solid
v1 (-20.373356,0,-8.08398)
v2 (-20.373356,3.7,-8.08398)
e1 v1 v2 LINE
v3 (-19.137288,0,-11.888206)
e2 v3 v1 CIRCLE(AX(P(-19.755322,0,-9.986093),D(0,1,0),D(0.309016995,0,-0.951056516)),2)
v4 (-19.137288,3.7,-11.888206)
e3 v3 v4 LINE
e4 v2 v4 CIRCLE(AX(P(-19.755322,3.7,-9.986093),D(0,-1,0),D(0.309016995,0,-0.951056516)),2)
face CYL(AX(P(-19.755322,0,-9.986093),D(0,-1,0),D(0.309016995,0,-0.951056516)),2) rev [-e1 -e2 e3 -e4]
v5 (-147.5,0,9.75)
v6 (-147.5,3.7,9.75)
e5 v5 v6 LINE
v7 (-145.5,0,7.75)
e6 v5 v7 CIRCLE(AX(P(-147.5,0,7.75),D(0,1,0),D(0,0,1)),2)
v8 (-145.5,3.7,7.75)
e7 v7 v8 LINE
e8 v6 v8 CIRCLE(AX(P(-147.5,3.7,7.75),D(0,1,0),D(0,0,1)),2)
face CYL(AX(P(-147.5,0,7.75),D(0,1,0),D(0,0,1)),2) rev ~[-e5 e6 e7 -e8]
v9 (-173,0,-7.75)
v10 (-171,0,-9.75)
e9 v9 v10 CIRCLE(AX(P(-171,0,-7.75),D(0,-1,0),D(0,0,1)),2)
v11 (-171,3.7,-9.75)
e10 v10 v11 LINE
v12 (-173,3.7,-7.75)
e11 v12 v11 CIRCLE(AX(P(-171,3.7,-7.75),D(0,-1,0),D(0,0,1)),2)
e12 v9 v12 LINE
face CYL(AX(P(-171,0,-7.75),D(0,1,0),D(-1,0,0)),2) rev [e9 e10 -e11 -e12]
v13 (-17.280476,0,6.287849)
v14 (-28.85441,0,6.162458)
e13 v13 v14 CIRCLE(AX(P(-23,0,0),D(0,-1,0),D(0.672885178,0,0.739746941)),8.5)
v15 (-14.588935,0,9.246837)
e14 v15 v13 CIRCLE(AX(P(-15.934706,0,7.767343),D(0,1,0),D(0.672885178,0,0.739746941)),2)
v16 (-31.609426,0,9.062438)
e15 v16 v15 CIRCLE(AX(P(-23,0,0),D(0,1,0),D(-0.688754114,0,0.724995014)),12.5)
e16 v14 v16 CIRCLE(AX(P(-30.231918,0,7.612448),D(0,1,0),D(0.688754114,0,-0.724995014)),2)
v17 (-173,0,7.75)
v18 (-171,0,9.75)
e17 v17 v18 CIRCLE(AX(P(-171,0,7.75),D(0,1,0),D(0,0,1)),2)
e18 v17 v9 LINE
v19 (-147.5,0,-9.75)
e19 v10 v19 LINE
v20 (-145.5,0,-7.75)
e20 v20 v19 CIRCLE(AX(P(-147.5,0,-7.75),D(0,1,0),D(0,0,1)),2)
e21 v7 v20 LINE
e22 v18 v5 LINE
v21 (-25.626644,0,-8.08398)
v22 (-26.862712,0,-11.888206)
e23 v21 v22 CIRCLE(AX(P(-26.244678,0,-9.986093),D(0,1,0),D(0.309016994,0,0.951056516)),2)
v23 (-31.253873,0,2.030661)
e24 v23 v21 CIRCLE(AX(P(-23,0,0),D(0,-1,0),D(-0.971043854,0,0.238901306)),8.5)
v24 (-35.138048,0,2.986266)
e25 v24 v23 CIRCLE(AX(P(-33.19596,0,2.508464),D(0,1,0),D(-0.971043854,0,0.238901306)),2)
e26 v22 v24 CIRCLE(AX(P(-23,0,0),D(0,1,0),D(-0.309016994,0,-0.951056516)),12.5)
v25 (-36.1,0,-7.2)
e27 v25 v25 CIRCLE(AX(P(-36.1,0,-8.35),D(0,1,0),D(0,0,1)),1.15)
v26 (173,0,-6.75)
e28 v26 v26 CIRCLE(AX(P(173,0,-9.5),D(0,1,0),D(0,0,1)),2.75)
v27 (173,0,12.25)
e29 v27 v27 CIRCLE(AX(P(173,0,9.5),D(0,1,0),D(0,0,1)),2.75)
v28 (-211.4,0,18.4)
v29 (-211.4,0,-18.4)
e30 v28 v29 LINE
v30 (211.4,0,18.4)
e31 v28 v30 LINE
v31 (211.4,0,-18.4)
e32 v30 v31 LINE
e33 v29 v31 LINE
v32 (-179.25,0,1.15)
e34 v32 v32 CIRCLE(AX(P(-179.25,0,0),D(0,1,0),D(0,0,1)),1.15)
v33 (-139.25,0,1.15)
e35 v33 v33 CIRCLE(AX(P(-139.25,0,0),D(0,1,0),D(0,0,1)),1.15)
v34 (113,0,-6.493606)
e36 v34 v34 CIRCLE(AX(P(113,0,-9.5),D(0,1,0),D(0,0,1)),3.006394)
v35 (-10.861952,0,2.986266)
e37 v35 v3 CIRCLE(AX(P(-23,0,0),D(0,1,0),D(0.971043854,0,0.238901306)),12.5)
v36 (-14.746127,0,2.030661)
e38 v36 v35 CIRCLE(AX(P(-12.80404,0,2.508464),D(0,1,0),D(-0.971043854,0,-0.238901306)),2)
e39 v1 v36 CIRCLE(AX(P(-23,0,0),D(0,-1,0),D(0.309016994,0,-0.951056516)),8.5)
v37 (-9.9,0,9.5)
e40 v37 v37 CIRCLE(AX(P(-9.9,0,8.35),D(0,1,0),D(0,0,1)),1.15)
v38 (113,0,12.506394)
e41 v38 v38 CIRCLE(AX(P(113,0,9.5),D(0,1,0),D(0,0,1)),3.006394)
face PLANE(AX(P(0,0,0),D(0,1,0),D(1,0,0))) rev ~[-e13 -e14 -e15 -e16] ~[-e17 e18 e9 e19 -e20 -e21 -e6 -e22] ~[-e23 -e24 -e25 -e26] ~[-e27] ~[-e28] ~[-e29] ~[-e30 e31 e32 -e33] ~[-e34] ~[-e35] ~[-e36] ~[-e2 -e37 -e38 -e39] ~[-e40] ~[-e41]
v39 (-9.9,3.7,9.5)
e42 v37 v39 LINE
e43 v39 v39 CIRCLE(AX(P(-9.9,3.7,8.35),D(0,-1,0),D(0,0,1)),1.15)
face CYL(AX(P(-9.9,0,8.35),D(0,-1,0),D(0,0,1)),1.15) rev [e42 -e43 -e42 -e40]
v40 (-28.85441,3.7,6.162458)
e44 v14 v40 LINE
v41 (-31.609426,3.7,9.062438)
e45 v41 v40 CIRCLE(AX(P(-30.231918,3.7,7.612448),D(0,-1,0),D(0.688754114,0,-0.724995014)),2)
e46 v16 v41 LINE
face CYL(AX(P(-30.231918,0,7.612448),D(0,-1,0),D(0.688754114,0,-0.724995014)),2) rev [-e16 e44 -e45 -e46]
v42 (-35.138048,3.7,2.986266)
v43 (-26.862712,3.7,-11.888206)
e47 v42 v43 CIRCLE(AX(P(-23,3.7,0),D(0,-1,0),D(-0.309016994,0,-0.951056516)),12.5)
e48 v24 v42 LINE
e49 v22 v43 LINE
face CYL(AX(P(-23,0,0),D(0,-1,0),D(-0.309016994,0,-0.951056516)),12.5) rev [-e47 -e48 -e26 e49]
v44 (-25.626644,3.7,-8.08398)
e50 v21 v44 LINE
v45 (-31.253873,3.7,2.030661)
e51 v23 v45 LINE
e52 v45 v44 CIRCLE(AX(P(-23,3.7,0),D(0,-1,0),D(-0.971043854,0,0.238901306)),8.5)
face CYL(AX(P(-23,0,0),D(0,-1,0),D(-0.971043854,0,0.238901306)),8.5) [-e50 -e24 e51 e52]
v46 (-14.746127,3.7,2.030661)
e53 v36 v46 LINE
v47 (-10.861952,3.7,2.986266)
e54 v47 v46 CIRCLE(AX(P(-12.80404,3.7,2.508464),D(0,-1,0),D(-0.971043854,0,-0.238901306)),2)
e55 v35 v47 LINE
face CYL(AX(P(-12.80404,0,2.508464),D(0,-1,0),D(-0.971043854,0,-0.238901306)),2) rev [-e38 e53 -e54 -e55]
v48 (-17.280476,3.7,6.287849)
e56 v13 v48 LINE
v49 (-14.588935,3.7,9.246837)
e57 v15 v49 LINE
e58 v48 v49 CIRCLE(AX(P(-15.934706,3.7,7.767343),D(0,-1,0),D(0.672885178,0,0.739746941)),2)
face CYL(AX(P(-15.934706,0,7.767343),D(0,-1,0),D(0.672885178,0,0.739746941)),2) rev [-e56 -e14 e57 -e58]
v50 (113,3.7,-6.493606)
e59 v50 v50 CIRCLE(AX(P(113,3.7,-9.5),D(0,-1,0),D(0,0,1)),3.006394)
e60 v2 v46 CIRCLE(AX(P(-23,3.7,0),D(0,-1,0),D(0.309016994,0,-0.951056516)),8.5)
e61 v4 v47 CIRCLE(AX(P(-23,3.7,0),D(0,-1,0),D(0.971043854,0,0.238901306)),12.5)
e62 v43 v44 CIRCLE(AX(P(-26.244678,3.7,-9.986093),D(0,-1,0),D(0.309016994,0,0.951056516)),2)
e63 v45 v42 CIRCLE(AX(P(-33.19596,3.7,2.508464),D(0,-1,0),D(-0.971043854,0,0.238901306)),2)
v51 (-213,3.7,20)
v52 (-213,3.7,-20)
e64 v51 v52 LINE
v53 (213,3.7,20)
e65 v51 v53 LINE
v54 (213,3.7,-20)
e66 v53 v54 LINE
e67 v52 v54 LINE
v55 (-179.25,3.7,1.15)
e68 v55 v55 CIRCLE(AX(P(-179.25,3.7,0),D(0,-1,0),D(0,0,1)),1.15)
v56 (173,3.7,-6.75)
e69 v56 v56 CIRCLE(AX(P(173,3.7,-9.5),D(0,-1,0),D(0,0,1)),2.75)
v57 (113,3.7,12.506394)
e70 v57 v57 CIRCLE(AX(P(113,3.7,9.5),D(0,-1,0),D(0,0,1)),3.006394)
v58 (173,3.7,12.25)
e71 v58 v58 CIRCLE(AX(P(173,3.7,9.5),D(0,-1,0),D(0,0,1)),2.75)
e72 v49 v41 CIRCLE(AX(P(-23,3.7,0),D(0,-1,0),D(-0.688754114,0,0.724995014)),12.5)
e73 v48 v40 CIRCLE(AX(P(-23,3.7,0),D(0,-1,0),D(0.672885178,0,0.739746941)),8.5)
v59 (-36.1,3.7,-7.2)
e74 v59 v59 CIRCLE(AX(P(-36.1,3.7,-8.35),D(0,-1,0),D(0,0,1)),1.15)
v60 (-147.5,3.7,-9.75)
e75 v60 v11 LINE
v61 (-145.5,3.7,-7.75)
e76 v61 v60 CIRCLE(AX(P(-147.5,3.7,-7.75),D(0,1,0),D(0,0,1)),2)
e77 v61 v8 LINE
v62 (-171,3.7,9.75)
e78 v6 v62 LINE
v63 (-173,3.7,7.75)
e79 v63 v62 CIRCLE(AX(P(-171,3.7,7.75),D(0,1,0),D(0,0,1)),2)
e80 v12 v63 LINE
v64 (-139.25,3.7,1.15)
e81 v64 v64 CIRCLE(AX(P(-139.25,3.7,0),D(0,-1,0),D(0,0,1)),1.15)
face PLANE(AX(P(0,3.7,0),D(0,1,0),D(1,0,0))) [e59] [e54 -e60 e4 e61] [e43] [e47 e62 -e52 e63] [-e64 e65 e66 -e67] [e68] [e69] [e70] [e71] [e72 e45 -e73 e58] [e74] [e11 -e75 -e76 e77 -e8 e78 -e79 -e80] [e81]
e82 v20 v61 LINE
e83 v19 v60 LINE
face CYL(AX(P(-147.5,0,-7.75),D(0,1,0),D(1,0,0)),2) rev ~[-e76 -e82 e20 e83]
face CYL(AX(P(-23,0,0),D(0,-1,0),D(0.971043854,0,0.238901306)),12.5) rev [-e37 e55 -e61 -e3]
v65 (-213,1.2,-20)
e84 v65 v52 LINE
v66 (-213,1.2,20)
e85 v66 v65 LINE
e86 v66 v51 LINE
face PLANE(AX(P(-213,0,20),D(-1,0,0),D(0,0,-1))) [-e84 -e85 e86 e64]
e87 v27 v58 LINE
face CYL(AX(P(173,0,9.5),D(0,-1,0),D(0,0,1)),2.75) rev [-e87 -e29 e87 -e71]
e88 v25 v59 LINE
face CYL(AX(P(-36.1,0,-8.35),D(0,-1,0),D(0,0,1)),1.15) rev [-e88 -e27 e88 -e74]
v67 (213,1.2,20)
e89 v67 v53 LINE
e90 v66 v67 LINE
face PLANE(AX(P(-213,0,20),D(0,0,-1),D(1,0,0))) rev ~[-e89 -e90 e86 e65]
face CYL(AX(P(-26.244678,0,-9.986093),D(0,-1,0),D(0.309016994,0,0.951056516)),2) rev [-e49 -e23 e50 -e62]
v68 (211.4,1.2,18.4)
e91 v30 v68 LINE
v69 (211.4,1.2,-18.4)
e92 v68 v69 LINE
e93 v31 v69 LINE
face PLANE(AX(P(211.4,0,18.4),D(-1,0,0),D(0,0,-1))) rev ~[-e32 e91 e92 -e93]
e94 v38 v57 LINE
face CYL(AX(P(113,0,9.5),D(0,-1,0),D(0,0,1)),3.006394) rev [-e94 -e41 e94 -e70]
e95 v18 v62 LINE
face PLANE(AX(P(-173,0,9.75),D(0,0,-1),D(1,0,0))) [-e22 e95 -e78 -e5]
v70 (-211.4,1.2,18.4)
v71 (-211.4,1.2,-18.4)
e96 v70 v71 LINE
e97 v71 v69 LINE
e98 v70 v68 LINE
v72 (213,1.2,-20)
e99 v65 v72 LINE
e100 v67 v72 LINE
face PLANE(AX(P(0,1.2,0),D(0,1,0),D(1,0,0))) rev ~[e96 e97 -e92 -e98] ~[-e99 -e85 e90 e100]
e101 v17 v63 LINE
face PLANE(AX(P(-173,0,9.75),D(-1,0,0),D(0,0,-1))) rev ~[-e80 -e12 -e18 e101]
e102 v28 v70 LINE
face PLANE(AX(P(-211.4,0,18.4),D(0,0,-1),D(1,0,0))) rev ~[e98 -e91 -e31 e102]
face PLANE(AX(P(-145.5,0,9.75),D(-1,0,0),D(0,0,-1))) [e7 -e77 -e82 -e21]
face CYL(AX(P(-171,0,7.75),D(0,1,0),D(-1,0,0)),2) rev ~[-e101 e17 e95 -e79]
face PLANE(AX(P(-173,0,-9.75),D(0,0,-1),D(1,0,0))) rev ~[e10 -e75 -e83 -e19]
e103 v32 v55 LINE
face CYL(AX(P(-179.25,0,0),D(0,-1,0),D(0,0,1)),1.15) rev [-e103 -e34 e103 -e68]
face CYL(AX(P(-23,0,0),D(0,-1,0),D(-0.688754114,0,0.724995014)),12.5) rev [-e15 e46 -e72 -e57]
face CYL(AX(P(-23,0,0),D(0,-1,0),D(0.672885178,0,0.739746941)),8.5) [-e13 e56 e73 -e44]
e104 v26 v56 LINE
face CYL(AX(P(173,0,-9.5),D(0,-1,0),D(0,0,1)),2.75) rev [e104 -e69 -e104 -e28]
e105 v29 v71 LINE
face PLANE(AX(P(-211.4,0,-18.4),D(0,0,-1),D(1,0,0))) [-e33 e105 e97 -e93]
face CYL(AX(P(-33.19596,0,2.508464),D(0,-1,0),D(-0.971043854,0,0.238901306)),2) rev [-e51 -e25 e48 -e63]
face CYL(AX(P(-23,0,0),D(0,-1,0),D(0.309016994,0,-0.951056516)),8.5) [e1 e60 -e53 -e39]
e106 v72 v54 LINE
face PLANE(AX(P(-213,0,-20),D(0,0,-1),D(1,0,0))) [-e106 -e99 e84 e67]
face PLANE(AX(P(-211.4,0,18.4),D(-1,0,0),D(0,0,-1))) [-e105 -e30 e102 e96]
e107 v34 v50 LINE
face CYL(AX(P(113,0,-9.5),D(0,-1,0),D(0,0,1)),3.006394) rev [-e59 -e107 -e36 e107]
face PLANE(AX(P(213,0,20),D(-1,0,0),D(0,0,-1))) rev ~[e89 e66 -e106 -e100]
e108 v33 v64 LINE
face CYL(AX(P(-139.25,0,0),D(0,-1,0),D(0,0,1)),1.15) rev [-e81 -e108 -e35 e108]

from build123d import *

# Parameters (mm, degrees)
SKETCH_1_W            = 426
SKETCH_1_H            = 40
EXTRUDE_1_DEPTH       = 3.7
SKETCH_1_2_W          = 426
SKETCH_1_2_H          = 40
SKETCH_1_2_W_2        = 422.8
SKETCH_1_2_H_2        = 36.8
CUT_EXTRUDE_1_DEPTH   = 1.2
SKETCH_2_R            = 2.75
SKETCH_2_R_2          = 1.15
SKETCH_2_R_3          = 3.006394209
SKETCH_2_W            = 27.5
SKETCH_2_H            = 19.5
CUT_EXTRUDE_1_2_DEPTH = 6
FILLET_1_R            = 2


with BuildPart() as part:
    # Эскиз1 → Бобышка-Вытянуть1 (new body)
    with BuildSketch(Plane(origin=(0, 0, 0), x_dir=(1, 0, 0), z_dir=(0, 1, 0))):
        Rectangle(SKETCH_1_W, SKETCH_1_H)
    extrude(amount=EXTRUDE_1_DEPTH)

    # Эскиз1<2> → Cut-Extrude 1 (cut)
    with BuildSketch(Plane(origin=(0, 0, 0), x_dir=(1, 0, 0), z_dir=(0, 1, 0))):
        Rectangle(SKETCH_1_2_W, SKETCH_1_2_H)
        Rectangle(SKETCH_1_2_W_2, SKETCH_1_2_H_2, mode=Mode.SUBTRACT)
    extrude(amount=CUT_EXTRUDE_1_DEPTH, mode=Mode.SUBTRACT)

    # Эскиз2 → Cut-Extrude 1 2 (cut)
    with BuildSketch(Plane(origin=(0, 0, 0), x_dir=(1, 0, 0), z_dir=(0, 1, 0))):
        with Locations((173, -9.5)):
            Circle(SKETCH_2_R)
        with Locations((173, 9.5)):
            Circle(SKETCH_2_R)
        with Locations((-179.25, 0)):
            Circle(SKETCH_2_R_2)
        with Locations((-139.25, 0)):
            Circle(SKETCH_2_R_2)
        with Locations((113, 9.5)):
            Circle(SKETCH_2_R_3)
        with Locations((113, -9.5)):
            Circle(SKETCH_2_R_3)
        with Locations((-9.9, -8.35)):
            Circle(SKETCH_2_R_2)
        with Locations((-36.1, 8.35)):
            Circle(SKETCH_2_R_2)
        with Locations((-159.25, 0)):
            Rectangle(SKETCH_2_W, SKETCH_2_H)
        with BuildLine():
            ThreePointArc((-10.861951827, -2.986266323), (-12.07669601, 6.077123492), (-19.13728757, 11.888206454))
            ThreePointArc((-19.13728757, 11.888206454), (-21.657434592, 10.60412741), (-20.373355548, 8.083980389))
            ThreePointArc((-20.373355548, 8.083980389), (-15.572153287, 4.132443975), (-14.746127242, -2.0306611))
            ThreePointArc((-14.746127242, -2.0306611), (-13.281842146, -4.450551419), (-10.861951827, -2.986266323))
        make_face()
        with BuildLine():
            ThreePointArc((-26.86271243, 11.888206454), (-33.92330399, 6.077123492), (-35.138048173, -2.986266323))
            ThreePointArc((-35.138048173, -2.986266323), (-32.718157854, -4.450551419), (-31.253872758, -2.0306611))
            ThreePointArc((-31.253872758, -2.0306611), (-30.427846713, 4.132443975), (-25.626644452, 8.083980389))
            ThreePointArc((-25.626644452, 8.083980389), (-24.342565408, 10.60412741), (-26.86271243, 11.888206454))
        make_face()
        with BuildLine():
            ThreePointArc((-31.609426427, -9.062437674), (-23.135416387, -12.499266475), (-14.588935276, -9.246836768))
            ThreePointArc((-14.588935276, -9.246836768), (-14.455211749, -6.421572529), (-17.280475988, -6.287849002))
            ThreePointArc((-17.280475988, -6.287849002), (-23.092083143, -8.499501203), (-28.854409971, -6.162457618))
            ThreePointArc((-28.854409971, -6.162457618), (-31.681908227, -6.234939418), (-31.609426427, -9.062437674))
        make_face()
    extrude(amount=CUT_EXTRUDE_1_2_DEPTH, mode=Mode.SUBTRACT)

    # Скругление1
    fillet_1_edges = [part.edges().sort_by_distance(p)[0] for p in [
        (-145.5, 1.85, 9.75),
        (-173, 1.85, 9.75),
        (-145.5, 1.85, -9.75),
        (-173, 1.85, -9.75),
    ]]
    fillet(fillet_1_edges, radius=FILLET_1_R)


solid = part.part
